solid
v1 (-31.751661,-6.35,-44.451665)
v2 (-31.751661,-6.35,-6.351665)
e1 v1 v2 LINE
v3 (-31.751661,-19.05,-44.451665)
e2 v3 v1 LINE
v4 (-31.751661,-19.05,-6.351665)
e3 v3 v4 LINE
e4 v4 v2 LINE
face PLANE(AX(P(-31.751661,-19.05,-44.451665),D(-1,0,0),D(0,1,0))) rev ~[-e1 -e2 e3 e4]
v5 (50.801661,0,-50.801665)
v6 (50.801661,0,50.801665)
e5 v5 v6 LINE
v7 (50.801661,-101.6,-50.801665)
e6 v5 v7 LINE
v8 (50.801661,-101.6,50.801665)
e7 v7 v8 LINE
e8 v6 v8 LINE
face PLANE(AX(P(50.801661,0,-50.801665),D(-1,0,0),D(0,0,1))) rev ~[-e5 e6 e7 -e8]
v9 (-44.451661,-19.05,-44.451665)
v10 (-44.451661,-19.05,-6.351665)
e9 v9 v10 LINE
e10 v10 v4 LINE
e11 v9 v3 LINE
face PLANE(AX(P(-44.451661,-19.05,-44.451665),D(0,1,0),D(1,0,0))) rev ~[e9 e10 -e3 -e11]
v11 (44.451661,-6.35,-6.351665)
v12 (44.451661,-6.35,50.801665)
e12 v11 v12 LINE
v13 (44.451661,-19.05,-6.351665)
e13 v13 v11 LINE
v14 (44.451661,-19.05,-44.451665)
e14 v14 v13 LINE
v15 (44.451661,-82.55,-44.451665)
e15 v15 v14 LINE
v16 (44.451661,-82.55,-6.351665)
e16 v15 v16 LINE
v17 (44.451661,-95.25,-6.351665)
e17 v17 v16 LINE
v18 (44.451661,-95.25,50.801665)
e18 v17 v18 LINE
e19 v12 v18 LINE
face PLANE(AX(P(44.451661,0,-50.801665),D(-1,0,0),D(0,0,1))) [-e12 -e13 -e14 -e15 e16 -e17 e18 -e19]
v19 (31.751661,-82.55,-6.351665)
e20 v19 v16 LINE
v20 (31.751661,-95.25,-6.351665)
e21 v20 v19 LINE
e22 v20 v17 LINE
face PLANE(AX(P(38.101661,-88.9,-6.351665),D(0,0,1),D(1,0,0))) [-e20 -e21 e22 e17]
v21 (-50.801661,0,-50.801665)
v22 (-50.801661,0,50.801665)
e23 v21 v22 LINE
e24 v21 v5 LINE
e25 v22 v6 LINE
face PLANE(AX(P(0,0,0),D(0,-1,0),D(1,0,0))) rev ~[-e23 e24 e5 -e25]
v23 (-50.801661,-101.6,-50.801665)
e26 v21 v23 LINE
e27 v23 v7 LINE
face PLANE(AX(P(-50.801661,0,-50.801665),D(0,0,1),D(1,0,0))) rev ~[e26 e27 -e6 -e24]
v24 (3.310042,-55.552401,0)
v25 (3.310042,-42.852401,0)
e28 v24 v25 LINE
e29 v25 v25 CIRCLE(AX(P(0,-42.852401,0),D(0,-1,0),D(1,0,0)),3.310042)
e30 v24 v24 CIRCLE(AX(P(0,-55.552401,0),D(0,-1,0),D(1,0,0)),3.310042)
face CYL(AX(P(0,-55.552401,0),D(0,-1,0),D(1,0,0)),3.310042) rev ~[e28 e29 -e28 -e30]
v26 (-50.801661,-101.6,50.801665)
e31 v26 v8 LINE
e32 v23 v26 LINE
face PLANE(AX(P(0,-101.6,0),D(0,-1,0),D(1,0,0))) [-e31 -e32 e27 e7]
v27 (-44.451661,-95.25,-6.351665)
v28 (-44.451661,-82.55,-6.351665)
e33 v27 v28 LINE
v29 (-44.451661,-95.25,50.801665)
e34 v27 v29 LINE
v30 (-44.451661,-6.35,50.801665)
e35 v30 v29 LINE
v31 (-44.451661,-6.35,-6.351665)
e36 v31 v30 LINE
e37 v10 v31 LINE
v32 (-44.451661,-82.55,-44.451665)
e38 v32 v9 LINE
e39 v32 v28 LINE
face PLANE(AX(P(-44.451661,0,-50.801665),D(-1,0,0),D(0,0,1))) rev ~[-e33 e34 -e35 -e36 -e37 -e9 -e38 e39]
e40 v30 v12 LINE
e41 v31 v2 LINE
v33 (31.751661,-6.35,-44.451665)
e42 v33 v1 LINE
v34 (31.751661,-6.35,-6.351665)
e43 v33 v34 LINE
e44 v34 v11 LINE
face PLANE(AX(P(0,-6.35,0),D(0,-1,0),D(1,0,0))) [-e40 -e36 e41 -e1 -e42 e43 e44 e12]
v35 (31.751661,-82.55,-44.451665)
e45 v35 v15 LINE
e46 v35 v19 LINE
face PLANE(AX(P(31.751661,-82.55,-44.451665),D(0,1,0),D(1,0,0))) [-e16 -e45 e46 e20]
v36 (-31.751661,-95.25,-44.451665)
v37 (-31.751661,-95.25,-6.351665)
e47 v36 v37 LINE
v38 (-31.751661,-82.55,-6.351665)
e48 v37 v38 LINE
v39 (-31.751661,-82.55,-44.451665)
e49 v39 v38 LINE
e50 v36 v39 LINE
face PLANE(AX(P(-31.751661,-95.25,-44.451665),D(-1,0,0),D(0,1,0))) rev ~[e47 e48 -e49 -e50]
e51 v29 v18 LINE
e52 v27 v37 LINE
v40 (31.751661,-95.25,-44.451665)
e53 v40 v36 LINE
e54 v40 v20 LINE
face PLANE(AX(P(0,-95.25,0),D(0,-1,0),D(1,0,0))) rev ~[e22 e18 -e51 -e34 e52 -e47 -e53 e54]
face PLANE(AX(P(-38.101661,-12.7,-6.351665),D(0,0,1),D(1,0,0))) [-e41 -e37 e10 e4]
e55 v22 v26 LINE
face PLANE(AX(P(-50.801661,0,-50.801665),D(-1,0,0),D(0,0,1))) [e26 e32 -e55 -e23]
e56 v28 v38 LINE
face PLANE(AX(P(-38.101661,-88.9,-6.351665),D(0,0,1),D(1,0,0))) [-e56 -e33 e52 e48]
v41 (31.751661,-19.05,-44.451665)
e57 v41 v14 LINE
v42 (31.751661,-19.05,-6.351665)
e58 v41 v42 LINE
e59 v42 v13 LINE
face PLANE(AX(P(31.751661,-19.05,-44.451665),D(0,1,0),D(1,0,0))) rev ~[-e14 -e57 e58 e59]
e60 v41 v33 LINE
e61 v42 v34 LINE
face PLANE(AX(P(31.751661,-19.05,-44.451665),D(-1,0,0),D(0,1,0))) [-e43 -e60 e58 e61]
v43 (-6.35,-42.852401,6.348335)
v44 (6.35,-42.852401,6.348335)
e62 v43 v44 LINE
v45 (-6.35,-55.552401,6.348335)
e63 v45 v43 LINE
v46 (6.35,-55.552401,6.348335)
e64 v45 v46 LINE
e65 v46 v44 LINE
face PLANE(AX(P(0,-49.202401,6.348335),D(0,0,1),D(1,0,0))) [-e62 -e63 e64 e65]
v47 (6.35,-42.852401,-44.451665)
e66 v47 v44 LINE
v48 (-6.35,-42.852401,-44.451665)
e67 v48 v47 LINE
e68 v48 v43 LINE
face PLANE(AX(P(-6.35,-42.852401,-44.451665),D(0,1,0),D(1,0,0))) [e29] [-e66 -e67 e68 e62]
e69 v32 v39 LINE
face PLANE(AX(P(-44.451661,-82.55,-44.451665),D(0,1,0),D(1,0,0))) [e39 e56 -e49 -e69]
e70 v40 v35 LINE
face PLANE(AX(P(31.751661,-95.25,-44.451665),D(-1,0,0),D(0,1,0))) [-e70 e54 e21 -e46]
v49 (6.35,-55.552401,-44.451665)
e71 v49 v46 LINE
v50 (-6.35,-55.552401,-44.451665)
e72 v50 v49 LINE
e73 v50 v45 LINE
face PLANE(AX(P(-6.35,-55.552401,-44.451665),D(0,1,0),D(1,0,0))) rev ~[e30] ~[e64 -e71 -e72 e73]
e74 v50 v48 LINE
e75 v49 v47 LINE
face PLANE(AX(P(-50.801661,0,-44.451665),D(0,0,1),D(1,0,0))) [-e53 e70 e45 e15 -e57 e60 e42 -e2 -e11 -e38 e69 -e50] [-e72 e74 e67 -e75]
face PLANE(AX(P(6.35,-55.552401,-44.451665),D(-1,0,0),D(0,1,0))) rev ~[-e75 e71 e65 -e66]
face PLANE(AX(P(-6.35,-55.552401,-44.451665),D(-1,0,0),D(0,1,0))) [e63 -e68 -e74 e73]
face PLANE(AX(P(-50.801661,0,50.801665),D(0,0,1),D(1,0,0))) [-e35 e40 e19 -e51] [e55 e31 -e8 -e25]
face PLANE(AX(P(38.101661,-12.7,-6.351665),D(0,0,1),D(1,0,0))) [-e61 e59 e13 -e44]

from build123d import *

# Parameters (mm, degrees)
F0_W      = 101.603322
F0_H      = 101.60333
F1_DEPTH  = 101.6
F2_T      = -6.35
F3_W      = 12.7
F3_H      = 12.7
F4_DEPTH  = 38.1
F5_W      = 12.7
F5_H      = 12.7
F6_DEPTH  = 38.1
F7_W      = 12.7
F7_H      = 12.7
F8_DEPTH  = 38.1
F9_W      = 12.7
F9_H      = 12.7
F10_DEPTH = 38.1
F11_W     = 12.7
F11_H     = 12.7
F12_DEPTH = 50.8
F13_R     = 3.310042
F14_DEPTH = 25.4


with BuildPart() as f1:
    # F0 (on Front) → F1 (new body)
    with BuildSketch(Plane.XZ):
        Rectangle(F0_W, F0_H)
    extrude(amount=F1_DEPTH)

    # F2
    f2_openings = [f1.faces().sort_by_distance(p)[0] for p in [
        (0, -50.8, 50.801665),
    ]]
    offset(amount=F2_T, openings=f2_openings)

    # F3 (on face) → F4 (join)
    with BuildSketch(Plane.XY.offset(-44.451665)):
        with Locations((-38.101661, -12.7)):
            Rectangle(F3_W, F3_H)
    extrude(amount=F4_DEPTH)

    # F5 (on face) → F6 (join)
    with BuildSketch(Plane.XY.offset(-44.451665)):
        with Locations((38.101661, -12.7)):
            Rectangle(F5_W, F5_H)
    extrude(amount=F6_DEPTH)

    # F7 (on face) → F8 (join)
    with BuildSketch(Plane.XY.offset(-44.451665)):
        with Locations((-38.101661, -88.9)):
            Rectangle(F7_W, F7_H)
    extrude(amount=F8_DEPTH)

    # F9 (on face) → F10 (join)
    with BuildSketch(Plane.XY.offset(-44.451665)):
        with Locations((38.101661, -88.9)):
            Rectangle(F9_W, F9_H)
    extrude(amount=F10_DEPTH)

    # F11 (on face) → F12 (join)
    with BuildSketch(Plane.XY.offset(-44.451665)):
        with Locations((0, -49.202401)):
            Rectangle(F11_W, F11_H)
    extrude(amount=F12_DEPTH)

    # F13 (on face) → F14 (cut)
    with BuildSketch(Plane.XZ.offset(55.552401)):
        Circle(F13_R)
    extrude(amount=-F14_DEPTH, mode=Mode.SUBTRACT)


solid = f1.part
